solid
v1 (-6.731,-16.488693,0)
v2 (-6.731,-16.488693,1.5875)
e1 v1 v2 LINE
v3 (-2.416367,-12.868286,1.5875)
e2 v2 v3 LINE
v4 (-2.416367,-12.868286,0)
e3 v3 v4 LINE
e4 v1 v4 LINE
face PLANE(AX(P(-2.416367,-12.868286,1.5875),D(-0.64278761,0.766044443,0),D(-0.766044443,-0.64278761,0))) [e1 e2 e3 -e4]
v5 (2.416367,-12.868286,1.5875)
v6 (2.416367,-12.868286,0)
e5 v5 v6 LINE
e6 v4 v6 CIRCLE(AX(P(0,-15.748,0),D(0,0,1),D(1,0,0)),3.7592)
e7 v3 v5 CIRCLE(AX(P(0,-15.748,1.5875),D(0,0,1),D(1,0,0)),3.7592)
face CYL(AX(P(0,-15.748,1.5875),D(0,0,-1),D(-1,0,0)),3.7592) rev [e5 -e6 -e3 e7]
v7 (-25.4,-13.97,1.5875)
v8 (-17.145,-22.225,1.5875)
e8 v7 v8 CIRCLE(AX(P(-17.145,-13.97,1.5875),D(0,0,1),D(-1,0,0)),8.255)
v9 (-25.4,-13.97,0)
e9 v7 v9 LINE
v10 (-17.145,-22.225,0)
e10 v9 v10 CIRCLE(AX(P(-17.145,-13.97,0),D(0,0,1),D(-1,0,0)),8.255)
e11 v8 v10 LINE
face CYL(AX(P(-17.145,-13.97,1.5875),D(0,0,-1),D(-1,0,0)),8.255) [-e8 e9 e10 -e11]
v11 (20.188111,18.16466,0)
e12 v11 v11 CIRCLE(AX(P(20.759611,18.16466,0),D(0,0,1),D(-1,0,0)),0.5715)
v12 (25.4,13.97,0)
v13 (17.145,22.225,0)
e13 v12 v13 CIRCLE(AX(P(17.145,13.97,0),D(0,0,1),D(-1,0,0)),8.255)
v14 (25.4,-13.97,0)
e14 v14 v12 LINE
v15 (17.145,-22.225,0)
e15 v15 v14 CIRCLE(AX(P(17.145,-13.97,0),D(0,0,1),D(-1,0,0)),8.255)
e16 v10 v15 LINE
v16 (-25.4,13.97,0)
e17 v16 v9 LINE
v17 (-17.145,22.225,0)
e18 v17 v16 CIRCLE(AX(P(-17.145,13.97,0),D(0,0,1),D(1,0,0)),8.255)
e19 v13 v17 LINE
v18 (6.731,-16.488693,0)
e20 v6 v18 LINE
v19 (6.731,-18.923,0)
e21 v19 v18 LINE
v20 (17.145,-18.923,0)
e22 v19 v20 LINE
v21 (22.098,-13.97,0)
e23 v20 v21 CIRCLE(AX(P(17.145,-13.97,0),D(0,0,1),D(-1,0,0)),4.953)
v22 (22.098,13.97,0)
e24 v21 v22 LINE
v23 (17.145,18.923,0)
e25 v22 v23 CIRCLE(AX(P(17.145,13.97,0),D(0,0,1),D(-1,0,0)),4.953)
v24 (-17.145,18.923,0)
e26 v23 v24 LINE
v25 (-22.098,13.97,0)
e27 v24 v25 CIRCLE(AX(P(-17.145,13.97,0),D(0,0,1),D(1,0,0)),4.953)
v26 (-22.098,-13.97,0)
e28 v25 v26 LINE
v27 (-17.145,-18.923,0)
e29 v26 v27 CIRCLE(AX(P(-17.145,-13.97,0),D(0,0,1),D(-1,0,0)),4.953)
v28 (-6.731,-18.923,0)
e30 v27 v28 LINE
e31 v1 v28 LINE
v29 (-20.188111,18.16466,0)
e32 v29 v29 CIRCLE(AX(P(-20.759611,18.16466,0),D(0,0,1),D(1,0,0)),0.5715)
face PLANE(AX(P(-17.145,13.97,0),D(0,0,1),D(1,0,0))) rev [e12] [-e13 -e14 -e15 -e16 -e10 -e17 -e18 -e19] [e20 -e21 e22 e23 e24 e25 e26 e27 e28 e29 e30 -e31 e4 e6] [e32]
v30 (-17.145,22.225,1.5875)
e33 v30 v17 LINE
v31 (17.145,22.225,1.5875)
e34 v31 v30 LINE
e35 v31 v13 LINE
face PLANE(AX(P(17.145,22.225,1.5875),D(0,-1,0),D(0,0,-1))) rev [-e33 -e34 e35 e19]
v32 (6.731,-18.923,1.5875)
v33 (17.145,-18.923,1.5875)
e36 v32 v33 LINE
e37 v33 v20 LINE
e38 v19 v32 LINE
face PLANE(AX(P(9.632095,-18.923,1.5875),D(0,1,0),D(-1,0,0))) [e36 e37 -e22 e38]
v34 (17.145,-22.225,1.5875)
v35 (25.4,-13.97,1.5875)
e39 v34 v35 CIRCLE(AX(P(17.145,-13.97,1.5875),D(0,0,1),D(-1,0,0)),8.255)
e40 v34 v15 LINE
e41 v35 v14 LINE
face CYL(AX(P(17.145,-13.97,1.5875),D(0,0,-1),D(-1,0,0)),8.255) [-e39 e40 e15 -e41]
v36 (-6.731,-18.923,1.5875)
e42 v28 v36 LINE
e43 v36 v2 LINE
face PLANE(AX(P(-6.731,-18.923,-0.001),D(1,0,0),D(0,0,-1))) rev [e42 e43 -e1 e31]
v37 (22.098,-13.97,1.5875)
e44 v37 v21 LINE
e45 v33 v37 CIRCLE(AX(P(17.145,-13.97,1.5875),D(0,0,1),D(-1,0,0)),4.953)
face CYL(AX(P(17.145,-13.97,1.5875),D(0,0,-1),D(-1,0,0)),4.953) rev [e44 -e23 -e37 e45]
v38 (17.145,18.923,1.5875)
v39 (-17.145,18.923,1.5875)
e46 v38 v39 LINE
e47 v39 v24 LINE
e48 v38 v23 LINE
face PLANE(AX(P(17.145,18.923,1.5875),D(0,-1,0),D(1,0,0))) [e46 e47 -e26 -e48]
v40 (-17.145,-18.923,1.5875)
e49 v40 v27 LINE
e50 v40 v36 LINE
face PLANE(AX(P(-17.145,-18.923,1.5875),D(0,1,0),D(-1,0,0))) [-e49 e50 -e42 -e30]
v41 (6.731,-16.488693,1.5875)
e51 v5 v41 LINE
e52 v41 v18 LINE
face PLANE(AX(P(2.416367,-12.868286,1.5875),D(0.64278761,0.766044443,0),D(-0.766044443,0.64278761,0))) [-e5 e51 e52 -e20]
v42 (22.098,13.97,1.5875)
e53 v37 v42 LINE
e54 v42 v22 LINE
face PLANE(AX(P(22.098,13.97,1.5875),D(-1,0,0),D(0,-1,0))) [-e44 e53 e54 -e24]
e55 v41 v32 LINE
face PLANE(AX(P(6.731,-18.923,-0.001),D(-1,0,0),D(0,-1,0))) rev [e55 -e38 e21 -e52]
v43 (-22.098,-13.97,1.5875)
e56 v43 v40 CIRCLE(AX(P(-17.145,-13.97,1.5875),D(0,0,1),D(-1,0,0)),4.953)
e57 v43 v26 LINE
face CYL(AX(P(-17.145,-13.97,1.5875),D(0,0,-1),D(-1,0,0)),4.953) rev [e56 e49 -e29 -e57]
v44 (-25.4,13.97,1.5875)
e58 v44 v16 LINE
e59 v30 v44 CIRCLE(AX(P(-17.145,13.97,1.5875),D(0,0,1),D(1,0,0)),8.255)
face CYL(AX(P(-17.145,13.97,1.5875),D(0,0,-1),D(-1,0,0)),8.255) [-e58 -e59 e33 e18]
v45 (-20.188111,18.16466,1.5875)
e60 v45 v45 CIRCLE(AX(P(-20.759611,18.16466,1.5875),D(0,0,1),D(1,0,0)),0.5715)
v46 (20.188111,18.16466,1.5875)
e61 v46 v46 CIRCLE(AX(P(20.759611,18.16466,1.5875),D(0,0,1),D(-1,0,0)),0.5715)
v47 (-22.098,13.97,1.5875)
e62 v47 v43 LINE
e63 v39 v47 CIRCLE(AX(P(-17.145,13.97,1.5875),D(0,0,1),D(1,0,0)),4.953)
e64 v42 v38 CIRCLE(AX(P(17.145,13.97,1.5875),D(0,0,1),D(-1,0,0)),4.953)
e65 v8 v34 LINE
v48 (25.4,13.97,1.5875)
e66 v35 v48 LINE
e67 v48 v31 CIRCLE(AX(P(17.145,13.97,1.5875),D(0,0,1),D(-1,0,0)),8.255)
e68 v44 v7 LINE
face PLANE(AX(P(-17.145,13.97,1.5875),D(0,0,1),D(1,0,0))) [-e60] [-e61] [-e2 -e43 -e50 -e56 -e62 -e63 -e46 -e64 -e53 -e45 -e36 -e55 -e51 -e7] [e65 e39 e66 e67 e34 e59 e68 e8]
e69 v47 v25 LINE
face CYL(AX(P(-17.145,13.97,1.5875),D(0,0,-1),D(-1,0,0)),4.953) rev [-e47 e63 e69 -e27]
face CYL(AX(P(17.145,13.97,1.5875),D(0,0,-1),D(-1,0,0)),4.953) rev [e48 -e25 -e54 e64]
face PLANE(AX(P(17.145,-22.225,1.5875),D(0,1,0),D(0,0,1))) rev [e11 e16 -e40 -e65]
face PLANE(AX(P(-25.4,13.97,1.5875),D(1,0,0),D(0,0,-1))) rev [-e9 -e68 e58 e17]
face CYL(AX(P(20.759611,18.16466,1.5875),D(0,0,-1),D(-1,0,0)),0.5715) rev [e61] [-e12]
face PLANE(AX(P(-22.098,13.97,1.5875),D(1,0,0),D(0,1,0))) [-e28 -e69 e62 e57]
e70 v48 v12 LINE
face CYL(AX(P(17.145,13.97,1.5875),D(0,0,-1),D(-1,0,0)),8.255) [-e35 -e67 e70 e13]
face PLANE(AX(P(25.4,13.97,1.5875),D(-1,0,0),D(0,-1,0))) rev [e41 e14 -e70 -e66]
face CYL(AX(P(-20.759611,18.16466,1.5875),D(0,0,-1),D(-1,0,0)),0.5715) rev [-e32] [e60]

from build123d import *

# Parameters (mm, degrees)
SKETCH1_R           = 0.5715
BOSS_EXTRUDE1_DEPTH = 1.5875
CUT_EXTRUDE1_REACH  = 35.788
SKETCH2_W           = 2.901094666
SKETCH2_H           = 2.434307465


with BuildPart() as part:
    # Sketch1 → Boss-Extrude1 (new body)
    with BuildSketch(Plane.XY):
        with BuildLine():
            Line((17.145, 22.225), (-17.145, 22.225))
            ThreePointArc((-17.145, 22.225), (-22.982166479, 19.807166479), (-25.4, 13.97))
            Line((-25.4, 13.97), (-25.4, -13.97))
            ThreePointArc((-25.4, -13.97), (-22.982166479, -19.807166479), (-17.145, -22.225))
            Line((-17.145, -22.225), (17.145, -22.225))
            ThreePointArc((17.145, -22.225), (22.982166479, -19.807166479), (25.4, -13.97))
            Line((25.4, -13.97), (25.4, 13.97))
            ThreePointArc((25.4, 13.97), (22.982166479, 19.807166479), (17.145, 22.225))
        make_face()
        with Locations((-20.759611123, 18.164659732)):
            Circle(SKETCH1_R, mode=Mode.SUBTRACT)
        with Locations(Location((20.759611123, 18.164659732, 0), (0, 0, 180))):
            Circle(SKETCH1_R, mode=Mode.SUBTRACT)
        with BuildLine():
            Line((-17.145, -18.923), (-9.632094666, -18.923))
            Line((-9.632094666, -18.923), (-2.416367182, -12.868285729))
            ThreePointArc((-2.416367182, -12.868285729), (0, -19.5072), (2.416367182, -12.868285729))
            Line((2.416367182, -12.868285729), (9.632094666, -18.923))
            Line((9.632094666, -18.923), (17.145, -18.923))
            ThreePointArc((17.145, -18.923), (20.647299887, -17.472299887), (22.098, -13.97))
            Line((22.098, -13.97), (22.098, 13.97))
            ThreePointArc((22.098, 13.97), (20.647299887, 17.472299887), (17.145, 18.923))
            Line((17.145, 18.923), (-17.145, 18.923))
            ThreePointArc((-17.145, 18.923), (-20.647299887, 17.472299887), (-22.098, 13.97))
            Line((-22.098, 13.97), (-22.098, -13.97))
            ThreePointArc((-22.098, -13.97), (-20.647299887, -17.472299887), (-17.145, -18.923))
        make_face(mode=Mode.SUBTRACT)
    extrude(amount=BOSS_EXTRUDE1_DEPTH)

    # Sketch2 → Cut-Extrude1 (cut, up to next)
    with BuildSketch(Plane.XY.offset(1.5875), mode=Mode.PRIVATE) as cut_extrude1_sk1:
        with Locations((-8.181547333, -17.705846268)):
            Rectangle(SKETCH2_W, SKETCH2_H)
    cut_extrude1_tool1 = extrude(cut_extrude1_sk1.sketch, amount=-CUT_EXTRUDE1_REACH, mode=Mode.PRIVATE) & part.part
    # Sketch2 → Cut-Extrude1 (cut, up to next)
    with BuildSketch(Plane.XY.offset(1.5875), mode=Mode.PRIVATE) as cut_extrude1_sk2:
        with Locations((8.181547333, -17.705846268)):
            Rectangle(SKETCH2_W, SKETCH2_H)
    cut_extrude1_tool2 = extrude(cut_extrude1_sk2.sketch, amount=-CUT_EXTRUDE1_REACH, mode=Mode.PRIVATE) & part.part
    add(cut_extrude1_tool1.solids().sort_by_distance((-8.181547, -17.705846, 1.5875))[0], mode=Mode.SUBTRACT)
    add(cut_extrude1_tool2.solids().sort_by_distance((8.181547, -17.705846, 1.5875))[0], mode=Mode.SUBTRACT)


solid = part.part
